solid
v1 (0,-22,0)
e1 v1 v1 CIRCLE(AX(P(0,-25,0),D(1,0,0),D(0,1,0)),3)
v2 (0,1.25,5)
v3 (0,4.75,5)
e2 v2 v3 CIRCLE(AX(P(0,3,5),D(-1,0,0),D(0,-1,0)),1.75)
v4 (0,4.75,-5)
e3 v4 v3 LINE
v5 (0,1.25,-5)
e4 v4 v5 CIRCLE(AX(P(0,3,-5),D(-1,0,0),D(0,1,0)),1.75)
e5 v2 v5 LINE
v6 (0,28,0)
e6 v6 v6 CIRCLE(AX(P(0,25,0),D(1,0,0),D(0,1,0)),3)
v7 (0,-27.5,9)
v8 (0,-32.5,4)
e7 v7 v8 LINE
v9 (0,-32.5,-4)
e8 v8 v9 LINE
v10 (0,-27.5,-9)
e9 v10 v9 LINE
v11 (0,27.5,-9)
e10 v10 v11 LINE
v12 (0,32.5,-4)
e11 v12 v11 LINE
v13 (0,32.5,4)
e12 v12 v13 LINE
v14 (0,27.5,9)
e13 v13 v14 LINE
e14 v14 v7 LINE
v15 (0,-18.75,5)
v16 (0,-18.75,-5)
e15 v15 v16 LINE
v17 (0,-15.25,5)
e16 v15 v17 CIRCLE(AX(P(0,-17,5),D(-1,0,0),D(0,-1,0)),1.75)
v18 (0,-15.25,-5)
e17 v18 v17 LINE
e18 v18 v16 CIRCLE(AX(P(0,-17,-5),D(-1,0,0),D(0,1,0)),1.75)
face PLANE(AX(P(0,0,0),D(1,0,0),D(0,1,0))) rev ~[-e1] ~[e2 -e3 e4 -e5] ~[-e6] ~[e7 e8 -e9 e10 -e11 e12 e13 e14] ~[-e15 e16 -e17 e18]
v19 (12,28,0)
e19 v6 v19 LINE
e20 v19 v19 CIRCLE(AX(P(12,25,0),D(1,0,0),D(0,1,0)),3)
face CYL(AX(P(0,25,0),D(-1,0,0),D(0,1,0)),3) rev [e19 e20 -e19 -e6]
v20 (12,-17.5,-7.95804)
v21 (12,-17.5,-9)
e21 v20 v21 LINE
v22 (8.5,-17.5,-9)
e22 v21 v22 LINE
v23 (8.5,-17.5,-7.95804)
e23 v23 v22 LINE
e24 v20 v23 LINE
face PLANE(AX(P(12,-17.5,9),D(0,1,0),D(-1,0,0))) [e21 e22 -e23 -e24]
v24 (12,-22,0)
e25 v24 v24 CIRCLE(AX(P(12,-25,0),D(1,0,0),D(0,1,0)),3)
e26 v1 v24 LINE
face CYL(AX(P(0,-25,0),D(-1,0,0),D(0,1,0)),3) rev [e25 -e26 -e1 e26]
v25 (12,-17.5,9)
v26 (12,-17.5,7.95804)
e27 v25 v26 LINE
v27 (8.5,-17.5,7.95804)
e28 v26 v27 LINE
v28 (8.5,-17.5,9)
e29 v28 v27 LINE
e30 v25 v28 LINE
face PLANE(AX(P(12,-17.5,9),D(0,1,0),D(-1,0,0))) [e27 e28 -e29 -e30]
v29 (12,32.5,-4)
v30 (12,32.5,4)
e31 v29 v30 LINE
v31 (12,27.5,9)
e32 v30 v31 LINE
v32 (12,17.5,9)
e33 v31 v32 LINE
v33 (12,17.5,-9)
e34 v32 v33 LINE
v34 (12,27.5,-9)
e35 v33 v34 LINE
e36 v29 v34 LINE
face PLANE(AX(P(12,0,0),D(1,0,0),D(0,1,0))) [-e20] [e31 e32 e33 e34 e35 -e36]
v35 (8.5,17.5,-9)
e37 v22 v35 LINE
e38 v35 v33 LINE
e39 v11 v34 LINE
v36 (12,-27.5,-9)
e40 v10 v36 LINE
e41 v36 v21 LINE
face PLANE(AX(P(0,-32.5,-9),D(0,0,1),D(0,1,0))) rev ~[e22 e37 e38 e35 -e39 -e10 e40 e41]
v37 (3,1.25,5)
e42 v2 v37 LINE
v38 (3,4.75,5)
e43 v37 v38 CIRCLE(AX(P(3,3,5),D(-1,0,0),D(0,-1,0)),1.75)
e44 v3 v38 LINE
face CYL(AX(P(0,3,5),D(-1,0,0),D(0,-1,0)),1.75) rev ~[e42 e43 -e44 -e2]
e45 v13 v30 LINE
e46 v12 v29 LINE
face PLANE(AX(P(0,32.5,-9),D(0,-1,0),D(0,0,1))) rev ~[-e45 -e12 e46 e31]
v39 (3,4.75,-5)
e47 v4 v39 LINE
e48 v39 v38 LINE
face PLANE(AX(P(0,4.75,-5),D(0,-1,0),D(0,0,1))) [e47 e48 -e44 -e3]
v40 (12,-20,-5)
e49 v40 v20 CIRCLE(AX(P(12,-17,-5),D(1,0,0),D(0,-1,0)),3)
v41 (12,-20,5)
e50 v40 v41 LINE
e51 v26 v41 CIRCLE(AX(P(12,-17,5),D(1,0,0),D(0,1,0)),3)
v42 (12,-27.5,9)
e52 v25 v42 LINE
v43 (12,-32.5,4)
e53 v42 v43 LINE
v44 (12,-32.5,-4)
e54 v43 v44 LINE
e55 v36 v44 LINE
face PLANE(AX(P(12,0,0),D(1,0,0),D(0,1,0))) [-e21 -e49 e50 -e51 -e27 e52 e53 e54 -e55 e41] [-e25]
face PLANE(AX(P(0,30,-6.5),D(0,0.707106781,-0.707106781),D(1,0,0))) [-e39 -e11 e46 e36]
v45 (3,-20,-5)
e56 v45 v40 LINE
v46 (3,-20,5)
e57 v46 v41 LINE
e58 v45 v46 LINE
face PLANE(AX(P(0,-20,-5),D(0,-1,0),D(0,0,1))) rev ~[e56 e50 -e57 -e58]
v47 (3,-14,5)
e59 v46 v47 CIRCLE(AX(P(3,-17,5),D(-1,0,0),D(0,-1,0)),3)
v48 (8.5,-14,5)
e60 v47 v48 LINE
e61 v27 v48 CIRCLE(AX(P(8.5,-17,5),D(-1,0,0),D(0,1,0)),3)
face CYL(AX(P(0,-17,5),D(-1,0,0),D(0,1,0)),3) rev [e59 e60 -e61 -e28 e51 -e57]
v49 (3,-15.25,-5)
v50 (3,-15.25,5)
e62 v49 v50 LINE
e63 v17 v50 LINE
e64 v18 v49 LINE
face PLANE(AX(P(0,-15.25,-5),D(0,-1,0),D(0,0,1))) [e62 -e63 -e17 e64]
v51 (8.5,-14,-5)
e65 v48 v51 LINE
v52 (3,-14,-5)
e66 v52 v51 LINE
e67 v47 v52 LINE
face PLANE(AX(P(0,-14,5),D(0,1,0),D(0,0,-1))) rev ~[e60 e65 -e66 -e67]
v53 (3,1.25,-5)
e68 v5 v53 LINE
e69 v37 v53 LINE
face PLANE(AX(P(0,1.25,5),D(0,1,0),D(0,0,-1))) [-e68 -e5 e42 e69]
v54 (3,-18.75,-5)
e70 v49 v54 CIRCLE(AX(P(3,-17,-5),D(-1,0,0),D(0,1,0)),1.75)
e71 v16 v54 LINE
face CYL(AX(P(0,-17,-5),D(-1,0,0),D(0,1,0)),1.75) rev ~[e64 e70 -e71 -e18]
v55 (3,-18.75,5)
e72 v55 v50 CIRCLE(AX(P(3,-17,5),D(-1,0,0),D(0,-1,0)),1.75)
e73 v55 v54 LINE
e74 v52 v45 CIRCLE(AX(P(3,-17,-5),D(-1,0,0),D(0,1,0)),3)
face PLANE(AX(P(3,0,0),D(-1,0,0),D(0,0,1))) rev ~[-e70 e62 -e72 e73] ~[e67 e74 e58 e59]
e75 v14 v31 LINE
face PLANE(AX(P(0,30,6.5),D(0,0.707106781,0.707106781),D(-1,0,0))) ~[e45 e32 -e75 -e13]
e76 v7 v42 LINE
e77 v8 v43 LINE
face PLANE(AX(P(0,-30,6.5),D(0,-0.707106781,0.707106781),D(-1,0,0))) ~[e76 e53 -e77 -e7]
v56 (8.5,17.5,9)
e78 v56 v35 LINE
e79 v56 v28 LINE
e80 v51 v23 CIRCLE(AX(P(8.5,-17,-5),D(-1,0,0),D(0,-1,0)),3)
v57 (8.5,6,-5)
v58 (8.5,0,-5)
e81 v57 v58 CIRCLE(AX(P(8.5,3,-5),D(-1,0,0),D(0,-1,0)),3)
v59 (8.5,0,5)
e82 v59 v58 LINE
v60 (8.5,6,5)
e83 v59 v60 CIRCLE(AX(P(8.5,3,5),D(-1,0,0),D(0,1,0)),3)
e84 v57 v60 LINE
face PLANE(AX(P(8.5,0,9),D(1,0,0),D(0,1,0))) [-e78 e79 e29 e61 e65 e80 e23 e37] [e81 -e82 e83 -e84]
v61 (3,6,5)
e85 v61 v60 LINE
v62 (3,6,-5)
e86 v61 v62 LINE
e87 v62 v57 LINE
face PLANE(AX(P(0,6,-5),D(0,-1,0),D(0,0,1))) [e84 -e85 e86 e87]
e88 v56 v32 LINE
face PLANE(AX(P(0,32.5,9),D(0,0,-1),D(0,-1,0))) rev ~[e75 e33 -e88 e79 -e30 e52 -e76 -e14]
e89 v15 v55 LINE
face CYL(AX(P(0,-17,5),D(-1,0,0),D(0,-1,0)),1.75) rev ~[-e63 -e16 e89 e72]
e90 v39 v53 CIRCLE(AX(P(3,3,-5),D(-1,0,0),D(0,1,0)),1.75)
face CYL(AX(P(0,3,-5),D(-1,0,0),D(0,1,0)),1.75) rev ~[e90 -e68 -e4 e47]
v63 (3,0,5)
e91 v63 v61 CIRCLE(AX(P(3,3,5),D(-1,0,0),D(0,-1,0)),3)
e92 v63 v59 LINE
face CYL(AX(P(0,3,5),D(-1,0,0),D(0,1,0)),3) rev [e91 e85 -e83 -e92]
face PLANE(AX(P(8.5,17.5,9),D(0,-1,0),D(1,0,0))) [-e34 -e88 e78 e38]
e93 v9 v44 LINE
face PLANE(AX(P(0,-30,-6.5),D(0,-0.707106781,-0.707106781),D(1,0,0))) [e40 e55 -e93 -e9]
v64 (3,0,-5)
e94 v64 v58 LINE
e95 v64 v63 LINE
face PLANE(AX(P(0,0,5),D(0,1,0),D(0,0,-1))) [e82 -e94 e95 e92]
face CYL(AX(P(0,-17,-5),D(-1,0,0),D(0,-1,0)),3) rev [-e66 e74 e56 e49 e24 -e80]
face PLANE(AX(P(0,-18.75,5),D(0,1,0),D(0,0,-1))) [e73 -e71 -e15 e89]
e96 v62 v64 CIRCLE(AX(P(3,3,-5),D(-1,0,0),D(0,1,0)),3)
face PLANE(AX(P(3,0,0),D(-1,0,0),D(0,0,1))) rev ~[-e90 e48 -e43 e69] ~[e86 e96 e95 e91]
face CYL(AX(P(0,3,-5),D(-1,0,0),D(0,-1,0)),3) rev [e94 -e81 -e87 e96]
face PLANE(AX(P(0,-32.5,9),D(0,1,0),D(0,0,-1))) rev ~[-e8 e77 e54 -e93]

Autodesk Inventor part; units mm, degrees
ref_plane "YZ Plane" through (0, 0, 0) normal (1, 0, 0) x (0, 1, 0)
ref_plane "XZ Plane" through (0, 0, 0) normal (0, 1, 0) x (-1, 0, 0)
ref_plane "XY Plane" through (0, 0, 0) normal (0, 0, 1) x (1, 0, 0)
sketch "Sketch1" plane through (0, 0, 0) normal (1, 0, 0) x (0, 1, 0)
  line L0 (32.5, 9) -> (-32.5, 9)
  line L1 (-32.5, 9) -> (-32.5, -9)
  line L2 (-32.5, -9) -> (32.5, -9)
  line L3 (32.5, -9) -> (32.5, 9)
  line L4 (32.5, 9) -> (-32.5, -9) construction
  line L5 (-32.5, 9) -> (32.5, -9) construction
  circle A0 centre (-25, 0) radius 3
  circle A1 centre (25, 0) radius 3
  line L6 (-17, -5) -> (-17, 5) construction
  line L7 (-20, -5) -> (-20, 5)
  line L8 (-14, 5) -> (-14, -5)
  arc A2 (-20, -5) -> (-14, -5) centre (-17, -5) ccw
  arc A3 (-14, 5) -> (-20, 5) centre (-17, 5) ccw
  line L9 (3, -5) -> (3, 5) construction
  line L10 (6, -5) -> (6, 5)
  line L11 (0, 5) -> (0, -5)
  arc A4 (0, -5) -> (6, -5) centre (3, -5) ccw
  arc A5 (6, 5) -> (0, 5) centre (3, 5) ccw
  point P0 (0, 0)
  point P1 (-17, 0)
  point P2 (3, 0)
  dimension "d0" = 25
  dimension "d1" = 50
  dimension "d2" = 65
  dimension "d3" = 6
  dimension "d4" = 3
  dimension "d5" = 20
  dimension "d6" = 10
  dimension "d7" = 3
  dimension "d8" = 18
extrude "Base" add sketch "Sketch1" along normal blind 12
sketch "Sketch2" plane through (0, 0, 0) normal (-1, 0, 0) x (0, 0, 1)
  line L0 (9, -32.5) -> (-9, -32.5) projected
  line L1 (9, 32.5) -> (9, -32.5) projected
  line L2 (-9, 32.5) -> (9, 32.5) projected
  line L3 (-9, -32.5) -> (-9, 32.5) projected
  circle A0 centre (0, -25) radius 3 projected
  circle A1 centre (0, 25) radius 3 projected
  arc A2 (-5, 6) -> (-5, 0) centre (-5, 3) ccw projected
  line L4 (5, 6) -> (-5, 6) projected
  arc A3 (5, 0) -> (5, 6) centre (5, 3) ccw projected
  line L5 (-5, 0) -> (5, 0) projected
  line L6 (5, -14) -> (-5, -14) projected
  arc A4 (5, -20) -> (5, -14) centre (5, -17) ccw projected
  line L7 (-5, -20) -> (5, -20) projected
  arc A5 (-5, -14) -> (-5, -20) centre (-5, -17) ccw projected
  line L8 (5, 3) -> (-5, 3) construction
  line L9 (5, 1.25) -> (-5, 1.25)
  line L10 (-5, 4.75) -> (5, 4.75)
  arc A6 (5, 1.25) -> (5, 4.75) centre (5, 3) ccw
  arc A7 (-5, 4.75) -> (-5, 1.25) centre (-5, 3) ccw
  line L11 (5, -17) -> (-5, -17) construction
  line L12 (5, -18.75) -> (-5, -18.75)
  line L13 (-5, -15.25) -> (5, -15.25)
  arc A8 (5, -18.75) -> (5, -15.25) centre (5, -17) ccw
  arc A9 (-5, -15.25) -> (-5, -18.75) centre (-5, -17) ccw
  point P0 (0, 0)
  point P1 (0, 3)
  point P2 (0, -17)
  dimension "d11" = 3.5
extrude "Slots" add sketch "Sketch2" against normal blind 3 contours L4 A3 L5 A2 | A4 L7 A5 L6
chamfer "Chamfer1" distance 5 angle 45 4 edges at (6, -32.5, 9) (6, -32.5, -9) (6, 32.5, -9) (6, 32.5, 9)
sketch "Sketch3" plane through (0, -27.5, 9) normal (0, 0, 1) x (1, 0, 0)
  line L0 (0, 55) -> (12, 55) projected
  line L1 (0, 55) -> (0, 0) projected
  line L2 (12, 0) -> (0, 0) projected
  line L3 (12, 55) -> (12, 0) projected
  line L4 (12, 10) -> (8.5, 10)
  line L5 (8.5, 10) -> (8.5, 45)
  line L6 (8.5, 45) -> (12, 45)
  line L7 (12, 45) -> (12, 10)
  line L8 (3, 27.5) -> (12, 27.5) projected
  line L9 (12, 10) -> (8.5, 45) construction
  line L10 (8.5, 10) -> (12, 45) construction
  point P0 (0, 27.5)
  point P1 (10.25, 27.5)
  point P2 (0, 27.5)
  point P3 (12, 10)
  dimension "d17" = 3.5
  dimension "d18" = 35
extrude "Extrusion3" cut sketch "Sketch3" against normal through all contours L3 L8 L5 L6 | L3 L4 L5 L8
equation "\"d1\" = 2 * d0"
properties part number "ToolDock_Left" material "PET Plastic"
